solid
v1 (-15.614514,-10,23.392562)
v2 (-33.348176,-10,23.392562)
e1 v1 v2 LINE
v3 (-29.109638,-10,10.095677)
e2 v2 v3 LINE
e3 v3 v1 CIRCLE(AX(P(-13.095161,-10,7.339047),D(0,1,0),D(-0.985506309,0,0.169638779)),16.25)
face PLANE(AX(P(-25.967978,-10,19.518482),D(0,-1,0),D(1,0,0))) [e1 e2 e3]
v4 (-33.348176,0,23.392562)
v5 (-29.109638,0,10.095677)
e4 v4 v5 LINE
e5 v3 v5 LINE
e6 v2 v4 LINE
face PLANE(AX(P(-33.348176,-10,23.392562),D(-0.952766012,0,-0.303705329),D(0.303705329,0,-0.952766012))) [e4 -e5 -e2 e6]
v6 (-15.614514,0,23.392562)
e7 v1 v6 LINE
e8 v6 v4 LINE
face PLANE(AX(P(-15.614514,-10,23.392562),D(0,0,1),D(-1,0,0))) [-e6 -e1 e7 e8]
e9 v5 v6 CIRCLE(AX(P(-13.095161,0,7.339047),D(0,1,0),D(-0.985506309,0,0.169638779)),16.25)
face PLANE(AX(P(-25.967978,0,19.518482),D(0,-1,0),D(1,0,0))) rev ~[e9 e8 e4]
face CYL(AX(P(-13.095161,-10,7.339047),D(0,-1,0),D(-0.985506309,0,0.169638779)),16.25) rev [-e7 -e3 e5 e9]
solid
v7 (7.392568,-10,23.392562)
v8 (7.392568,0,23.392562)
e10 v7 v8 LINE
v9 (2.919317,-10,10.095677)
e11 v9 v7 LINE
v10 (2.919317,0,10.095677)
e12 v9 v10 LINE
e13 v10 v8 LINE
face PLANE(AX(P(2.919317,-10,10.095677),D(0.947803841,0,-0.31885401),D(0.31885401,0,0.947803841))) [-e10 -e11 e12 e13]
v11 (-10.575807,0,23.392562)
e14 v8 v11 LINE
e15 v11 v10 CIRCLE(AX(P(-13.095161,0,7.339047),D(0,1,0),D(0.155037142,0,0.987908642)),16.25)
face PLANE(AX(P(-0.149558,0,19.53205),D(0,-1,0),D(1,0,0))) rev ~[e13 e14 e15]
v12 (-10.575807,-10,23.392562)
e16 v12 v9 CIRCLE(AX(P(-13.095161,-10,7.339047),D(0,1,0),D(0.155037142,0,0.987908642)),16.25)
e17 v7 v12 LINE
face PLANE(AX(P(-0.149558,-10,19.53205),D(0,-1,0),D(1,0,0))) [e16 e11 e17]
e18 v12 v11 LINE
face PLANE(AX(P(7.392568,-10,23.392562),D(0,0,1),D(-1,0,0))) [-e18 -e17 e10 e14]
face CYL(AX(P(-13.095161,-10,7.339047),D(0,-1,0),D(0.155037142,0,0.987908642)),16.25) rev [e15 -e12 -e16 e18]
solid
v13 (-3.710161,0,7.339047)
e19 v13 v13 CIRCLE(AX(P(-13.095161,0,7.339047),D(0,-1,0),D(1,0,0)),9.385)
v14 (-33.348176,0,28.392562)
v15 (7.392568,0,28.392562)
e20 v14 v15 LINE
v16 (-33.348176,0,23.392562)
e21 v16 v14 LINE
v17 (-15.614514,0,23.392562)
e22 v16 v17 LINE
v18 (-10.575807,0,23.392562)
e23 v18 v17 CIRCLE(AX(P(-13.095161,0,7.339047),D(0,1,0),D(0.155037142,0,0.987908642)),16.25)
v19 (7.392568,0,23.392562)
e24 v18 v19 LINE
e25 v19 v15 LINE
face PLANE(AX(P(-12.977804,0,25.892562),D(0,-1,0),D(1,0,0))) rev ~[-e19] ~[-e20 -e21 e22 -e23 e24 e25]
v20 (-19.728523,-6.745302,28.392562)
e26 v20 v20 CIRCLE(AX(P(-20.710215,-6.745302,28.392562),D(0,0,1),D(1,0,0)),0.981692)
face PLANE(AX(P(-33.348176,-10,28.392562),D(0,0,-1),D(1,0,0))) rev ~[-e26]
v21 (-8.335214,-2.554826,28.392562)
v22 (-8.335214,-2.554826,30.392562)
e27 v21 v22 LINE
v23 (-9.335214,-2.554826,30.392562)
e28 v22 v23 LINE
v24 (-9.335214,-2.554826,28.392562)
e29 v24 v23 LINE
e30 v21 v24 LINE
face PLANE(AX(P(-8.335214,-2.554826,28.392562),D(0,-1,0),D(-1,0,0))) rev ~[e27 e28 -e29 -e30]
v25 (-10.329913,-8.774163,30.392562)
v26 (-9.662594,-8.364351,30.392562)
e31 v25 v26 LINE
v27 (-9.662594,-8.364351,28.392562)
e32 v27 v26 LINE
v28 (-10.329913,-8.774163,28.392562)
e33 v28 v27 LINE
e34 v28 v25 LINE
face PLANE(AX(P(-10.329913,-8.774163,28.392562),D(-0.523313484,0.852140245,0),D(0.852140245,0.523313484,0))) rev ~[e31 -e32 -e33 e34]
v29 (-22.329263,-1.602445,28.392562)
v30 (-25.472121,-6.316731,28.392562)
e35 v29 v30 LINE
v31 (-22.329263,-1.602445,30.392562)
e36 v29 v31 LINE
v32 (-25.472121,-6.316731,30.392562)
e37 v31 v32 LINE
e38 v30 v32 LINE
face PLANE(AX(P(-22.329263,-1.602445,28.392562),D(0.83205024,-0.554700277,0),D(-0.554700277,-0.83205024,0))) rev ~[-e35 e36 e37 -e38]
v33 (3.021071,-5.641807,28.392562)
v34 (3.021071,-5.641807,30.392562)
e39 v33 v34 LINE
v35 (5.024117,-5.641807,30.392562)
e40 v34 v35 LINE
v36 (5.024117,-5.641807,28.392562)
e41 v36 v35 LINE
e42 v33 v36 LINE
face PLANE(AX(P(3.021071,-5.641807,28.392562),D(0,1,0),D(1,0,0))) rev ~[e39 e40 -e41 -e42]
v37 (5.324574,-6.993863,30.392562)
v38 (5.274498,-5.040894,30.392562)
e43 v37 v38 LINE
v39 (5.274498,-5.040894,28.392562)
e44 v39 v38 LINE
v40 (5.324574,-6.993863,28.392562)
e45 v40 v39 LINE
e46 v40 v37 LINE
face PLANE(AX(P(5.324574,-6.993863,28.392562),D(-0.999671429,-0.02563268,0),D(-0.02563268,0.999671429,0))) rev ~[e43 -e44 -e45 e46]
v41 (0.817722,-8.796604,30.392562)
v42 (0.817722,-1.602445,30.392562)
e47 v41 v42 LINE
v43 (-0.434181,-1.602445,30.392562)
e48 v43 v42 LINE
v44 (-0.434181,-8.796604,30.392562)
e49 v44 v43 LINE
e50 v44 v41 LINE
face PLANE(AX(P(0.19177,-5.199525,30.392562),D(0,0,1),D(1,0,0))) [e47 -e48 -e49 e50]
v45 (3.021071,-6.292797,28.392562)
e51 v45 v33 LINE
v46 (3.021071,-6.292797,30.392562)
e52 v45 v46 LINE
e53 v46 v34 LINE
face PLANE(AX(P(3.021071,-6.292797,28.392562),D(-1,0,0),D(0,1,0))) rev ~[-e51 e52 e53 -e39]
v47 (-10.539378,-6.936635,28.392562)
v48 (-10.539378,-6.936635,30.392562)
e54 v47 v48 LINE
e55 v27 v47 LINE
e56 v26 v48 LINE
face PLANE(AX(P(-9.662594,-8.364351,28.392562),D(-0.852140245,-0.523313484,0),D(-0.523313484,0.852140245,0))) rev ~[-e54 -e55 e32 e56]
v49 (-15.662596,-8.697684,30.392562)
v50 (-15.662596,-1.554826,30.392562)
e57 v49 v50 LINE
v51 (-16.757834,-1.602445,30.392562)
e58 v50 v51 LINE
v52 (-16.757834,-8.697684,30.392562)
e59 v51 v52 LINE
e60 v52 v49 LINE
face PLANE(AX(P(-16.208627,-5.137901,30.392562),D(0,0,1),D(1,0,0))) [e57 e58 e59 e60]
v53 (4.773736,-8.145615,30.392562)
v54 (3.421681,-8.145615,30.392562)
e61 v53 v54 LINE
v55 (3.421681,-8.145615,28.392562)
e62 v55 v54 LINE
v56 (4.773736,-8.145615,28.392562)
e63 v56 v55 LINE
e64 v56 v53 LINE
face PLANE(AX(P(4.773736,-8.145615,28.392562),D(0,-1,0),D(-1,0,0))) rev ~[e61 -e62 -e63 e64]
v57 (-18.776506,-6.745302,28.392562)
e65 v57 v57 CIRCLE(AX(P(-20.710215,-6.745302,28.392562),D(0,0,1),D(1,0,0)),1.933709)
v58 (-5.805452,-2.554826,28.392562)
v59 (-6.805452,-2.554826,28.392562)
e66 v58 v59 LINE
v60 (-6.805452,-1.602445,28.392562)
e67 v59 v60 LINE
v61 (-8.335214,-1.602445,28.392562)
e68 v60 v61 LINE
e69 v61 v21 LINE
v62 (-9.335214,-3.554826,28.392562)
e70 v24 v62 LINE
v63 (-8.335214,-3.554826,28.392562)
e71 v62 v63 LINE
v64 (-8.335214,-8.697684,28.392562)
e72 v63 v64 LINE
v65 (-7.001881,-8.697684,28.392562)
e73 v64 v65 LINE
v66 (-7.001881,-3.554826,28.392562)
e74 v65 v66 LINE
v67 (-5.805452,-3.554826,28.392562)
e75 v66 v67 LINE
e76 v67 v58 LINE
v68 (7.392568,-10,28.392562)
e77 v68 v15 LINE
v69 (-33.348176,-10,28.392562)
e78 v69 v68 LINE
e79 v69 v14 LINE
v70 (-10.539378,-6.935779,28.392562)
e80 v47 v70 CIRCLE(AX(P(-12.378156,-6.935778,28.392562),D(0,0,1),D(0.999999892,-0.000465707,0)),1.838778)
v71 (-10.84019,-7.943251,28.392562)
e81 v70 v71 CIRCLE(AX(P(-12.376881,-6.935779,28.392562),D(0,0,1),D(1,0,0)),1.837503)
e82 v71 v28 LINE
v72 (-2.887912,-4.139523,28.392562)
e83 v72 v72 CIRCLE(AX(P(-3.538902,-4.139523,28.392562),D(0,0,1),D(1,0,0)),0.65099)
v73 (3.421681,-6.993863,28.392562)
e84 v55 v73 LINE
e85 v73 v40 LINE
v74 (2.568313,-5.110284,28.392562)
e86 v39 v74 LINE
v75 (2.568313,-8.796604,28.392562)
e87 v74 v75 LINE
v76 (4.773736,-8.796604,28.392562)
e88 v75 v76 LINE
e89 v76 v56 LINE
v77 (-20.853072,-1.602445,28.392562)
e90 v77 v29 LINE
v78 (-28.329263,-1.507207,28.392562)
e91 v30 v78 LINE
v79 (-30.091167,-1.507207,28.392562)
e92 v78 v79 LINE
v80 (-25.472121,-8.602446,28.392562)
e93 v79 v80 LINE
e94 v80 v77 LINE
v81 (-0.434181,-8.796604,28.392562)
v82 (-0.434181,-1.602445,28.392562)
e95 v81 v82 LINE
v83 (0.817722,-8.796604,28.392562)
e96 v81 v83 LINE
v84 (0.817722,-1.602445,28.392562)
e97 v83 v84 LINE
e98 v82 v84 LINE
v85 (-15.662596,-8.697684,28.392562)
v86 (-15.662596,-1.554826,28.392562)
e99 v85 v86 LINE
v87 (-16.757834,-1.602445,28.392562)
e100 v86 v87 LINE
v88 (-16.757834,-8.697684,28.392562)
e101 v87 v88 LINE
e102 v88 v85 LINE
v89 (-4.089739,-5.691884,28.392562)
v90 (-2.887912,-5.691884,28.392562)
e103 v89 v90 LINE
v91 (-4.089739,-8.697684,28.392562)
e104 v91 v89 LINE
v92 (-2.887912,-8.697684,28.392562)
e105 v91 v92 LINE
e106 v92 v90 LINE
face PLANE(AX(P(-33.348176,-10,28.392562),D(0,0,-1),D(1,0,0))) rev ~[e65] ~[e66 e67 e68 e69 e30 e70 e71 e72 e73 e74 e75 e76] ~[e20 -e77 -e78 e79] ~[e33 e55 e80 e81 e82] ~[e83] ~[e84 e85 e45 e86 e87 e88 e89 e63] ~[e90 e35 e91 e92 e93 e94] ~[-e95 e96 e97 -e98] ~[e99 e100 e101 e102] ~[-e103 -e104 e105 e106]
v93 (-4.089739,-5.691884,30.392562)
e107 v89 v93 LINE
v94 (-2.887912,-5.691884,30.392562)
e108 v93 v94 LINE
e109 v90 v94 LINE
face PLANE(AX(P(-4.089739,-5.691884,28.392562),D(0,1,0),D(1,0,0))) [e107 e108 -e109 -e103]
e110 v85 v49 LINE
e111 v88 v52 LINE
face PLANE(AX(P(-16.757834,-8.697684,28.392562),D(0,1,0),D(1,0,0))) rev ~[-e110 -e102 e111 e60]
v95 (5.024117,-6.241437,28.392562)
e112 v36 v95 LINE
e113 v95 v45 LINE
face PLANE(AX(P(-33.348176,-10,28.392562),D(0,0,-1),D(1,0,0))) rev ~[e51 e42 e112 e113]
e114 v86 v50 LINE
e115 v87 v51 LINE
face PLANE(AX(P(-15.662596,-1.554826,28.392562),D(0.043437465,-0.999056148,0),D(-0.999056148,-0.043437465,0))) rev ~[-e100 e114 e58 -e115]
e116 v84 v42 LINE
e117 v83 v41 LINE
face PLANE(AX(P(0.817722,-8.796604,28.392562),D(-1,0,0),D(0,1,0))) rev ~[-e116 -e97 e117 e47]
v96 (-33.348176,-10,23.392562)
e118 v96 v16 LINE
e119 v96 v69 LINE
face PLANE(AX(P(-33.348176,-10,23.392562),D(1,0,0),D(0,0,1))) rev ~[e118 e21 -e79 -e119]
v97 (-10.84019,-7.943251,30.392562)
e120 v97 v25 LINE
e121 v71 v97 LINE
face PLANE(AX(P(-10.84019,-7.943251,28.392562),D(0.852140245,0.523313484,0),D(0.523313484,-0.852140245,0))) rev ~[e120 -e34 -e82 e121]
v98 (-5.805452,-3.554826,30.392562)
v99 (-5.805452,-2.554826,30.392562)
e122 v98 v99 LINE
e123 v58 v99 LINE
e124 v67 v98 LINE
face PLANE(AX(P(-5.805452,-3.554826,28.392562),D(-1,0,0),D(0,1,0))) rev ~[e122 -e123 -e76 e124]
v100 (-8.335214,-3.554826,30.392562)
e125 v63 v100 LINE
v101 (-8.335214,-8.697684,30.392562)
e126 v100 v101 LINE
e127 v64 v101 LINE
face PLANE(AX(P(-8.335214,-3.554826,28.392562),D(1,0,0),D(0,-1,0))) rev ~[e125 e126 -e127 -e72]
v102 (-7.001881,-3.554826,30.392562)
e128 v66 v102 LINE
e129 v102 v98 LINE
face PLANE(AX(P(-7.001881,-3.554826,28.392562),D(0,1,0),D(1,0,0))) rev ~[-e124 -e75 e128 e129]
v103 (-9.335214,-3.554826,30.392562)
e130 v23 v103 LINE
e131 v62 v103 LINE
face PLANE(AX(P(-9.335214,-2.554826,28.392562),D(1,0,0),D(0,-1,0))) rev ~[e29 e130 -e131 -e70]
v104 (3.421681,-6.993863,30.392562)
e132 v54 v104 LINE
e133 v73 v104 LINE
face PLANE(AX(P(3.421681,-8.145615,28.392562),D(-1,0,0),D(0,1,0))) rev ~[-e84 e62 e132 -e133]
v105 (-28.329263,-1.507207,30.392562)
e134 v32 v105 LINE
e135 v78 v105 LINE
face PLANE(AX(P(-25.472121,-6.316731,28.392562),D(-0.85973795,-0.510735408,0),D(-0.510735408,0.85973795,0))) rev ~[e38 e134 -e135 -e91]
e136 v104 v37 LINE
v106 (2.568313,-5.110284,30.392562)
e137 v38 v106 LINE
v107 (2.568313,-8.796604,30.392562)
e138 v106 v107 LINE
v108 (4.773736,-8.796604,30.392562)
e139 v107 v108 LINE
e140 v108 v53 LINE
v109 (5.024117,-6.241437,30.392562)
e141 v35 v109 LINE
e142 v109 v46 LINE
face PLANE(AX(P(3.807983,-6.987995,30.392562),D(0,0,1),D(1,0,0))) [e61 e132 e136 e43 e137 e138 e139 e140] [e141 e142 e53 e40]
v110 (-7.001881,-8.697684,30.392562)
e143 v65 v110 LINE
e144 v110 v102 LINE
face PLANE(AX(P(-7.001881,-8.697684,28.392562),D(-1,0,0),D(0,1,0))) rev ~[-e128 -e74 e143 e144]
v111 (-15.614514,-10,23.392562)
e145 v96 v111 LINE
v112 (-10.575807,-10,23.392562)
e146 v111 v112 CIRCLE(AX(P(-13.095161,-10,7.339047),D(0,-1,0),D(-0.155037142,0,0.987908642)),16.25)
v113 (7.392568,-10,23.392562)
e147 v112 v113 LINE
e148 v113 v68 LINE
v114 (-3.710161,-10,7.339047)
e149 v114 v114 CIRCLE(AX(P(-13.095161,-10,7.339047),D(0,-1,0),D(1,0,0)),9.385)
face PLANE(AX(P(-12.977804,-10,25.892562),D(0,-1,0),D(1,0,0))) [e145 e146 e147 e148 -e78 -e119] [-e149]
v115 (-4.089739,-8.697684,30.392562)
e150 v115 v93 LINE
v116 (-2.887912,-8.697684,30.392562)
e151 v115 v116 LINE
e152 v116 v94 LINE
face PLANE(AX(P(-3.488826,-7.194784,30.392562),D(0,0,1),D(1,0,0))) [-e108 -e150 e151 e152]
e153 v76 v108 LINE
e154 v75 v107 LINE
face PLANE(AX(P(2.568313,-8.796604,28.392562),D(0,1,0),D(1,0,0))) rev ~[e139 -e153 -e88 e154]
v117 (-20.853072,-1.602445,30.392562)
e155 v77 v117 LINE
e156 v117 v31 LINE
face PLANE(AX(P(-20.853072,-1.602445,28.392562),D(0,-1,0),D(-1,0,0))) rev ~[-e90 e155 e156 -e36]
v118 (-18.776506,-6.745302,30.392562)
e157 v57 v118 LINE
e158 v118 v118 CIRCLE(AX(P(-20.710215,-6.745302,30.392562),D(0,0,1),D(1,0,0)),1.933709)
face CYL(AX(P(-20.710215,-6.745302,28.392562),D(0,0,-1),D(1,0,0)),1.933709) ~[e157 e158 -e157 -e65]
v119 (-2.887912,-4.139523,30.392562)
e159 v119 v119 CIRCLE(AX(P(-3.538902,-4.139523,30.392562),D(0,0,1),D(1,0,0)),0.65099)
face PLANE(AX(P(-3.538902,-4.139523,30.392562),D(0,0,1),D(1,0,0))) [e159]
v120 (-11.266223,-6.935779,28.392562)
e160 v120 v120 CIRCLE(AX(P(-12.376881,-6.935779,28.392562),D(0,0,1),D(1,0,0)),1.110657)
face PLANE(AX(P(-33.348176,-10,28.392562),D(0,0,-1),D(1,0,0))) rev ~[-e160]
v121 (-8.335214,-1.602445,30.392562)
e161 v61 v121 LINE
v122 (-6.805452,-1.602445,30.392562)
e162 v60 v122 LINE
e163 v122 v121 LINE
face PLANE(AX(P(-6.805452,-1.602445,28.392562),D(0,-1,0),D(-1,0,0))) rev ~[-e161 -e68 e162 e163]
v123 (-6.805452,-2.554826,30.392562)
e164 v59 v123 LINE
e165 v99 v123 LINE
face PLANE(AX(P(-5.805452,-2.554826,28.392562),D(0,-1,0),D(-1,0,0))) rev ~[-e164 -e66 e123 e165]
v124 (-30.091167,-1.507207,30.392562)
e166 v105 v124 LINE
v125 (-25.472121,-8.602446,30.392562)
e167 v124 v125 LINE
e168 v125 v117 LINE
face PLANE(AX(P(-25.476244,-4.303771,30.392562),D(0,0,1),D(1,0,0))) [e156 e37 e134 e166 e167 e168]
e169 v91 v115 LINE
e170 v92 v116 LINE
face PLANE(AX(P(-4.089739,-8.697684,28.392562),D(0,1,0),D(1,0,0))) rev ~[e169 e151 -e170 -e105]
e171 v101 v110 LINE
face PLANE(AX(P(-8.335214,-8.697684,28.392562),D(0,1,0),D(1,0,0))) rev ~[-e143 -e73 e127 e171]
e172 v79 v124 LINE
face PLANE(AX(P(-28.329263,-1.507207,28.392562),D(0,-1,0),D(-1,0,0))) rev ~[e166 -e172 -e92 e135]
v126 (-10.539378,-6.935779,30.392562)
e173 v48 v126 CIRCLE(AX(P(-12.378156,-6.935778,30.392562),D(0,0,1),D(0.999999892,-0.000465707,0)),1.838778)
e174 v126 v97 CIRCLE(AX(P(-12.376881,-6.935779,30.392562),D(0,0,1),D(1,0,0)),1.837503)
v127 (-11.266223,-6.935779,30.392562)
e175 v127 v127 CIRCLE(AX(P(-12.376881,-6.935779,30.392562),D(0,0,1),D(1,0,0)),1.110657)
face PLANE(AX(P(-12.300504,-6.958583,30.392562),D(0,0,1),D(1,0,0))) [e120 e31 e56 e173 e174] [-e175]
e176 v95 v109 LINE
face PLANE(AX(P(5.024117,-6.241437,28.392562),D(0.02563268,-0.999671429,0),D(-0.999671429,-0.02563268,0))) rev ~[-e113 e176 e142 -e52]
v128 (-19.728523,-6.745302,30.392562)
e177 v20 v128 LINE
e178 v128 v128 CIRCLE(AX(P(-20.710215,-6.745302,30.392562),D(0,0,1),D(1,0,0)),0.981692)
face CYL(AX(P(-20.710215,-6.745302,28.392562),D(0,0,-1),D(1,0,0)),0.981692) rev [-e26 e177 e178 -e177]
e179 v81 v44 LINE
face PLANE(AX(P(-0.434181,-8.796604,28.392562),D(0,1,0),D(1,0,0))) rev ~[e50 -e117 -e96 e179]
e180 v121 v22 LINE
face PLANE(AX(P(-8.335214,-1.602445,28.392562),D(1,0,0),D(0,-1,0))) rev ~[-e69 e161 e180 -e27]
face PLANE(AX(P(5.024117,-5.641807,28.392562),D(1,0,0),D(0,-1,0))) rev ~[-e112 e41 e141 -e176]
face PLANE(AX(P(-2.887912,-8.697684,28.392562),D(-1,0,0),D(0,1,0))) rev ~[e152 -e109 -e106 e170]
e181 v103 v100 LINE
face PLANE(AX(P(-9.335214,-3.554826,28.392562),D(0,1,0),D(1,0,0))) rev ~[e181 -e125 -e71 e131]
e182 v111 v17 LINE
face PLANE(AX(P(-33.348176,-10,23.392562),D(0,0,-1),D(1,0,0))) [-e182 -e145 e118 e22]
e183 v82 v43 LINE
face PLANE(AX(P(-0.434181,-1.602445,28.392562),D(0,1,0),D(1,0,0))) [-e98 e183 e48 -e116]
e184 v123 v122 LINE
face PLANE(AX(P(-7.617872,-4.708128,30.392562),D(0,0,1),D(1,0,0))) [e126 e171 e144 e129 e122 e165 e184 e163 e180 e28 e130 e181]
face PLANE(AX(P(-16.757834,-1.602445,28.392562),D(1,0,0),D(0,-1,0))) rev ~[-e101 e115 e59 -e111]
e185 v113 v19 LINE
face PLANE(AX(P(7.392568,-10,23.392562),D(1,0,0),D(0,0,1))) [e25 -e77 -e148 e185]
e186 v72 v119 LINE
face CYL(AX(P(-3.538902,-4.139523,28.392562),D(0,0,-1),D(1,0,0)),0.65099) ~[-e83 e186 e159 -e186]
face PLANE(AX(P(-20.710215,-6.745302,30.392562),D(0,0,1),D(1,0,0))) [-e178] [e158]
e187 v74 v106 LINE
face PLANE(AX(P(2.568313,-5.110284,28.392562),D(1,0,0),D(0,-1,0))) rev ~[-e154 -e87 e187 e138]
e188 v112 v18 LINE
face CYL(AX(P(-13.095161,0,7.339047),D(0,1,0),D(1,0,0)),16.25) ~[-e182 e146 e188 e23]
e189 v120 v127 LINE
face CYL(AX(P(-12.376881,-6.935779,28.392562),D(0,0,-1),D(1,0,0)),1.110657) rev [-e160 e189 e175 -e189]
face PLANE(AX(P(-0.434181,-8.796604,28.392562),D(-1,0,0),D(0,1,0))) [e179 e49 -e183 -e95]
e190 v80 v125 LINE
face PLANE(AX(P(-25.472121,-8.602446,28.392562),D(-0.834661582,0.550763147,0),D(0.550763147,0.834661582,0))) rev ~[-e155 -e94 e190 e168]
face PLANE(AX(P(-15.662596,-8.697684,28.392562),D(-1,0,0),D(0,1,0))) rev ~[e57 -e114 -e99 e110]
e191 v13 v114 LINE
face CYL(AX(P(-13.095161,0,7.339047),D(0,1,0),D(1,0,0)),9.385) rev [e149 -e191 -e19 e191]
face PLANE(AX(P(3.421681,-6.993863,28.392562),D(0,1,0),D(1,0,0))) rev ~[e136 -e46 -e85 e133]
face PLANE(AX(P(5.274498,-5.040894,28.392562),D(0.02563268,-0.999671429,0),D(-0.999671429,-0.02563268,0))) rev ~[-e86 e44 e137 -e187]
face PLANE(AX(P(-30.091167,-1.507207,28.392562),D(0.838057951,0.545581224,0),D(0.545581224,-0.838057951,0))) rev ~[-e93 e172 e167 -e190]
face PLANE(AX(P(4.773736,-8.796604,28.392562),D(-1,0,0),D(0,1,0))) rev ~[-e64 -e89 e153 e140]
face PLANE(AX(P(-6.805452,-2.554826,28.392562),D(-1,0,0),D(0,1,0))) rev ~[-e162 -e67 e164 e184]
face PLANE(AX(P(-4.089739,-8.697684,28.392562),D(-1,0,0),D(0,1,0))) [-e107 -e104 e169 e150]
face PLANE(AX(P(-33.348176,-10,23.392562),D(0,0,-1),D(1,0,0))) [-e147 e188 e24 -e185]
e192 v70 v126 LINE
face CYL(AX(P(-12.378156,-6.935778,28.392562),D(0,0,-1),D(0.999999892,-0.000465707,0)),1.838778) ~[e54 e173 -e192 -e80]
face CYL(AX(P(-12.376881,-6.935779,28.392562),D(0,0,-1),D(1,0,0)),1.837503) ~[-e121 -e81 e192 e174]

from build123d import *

# Parameters (mm, degrees)
F0_R     = 16.25
F0_R_2   = 9.385
F1_DEPTH = 10
F2_W     = 40.7407447589
F2_H     = 5
F3_DEPTH = 10
F4_R     = 1.9337093682
F4_R_2   = 0.9816924099
F4_R_3   = 1.1106573772
F4_W     = 1.2018270791
F4_H     = 3.0057999915
F4_R_4   = 0.6509895902
F4_W_2   = 1.2519030424
F4_H_2   = 7.1941594385
F5_DEPTH = 2
F7_DEPTH = 10


with BuildPart() as f1:
    # F0 (on Front) → F1 (new body)
    with BuildSketch(Plane.XZ):
        with Locations((-13.0951609462, 7.3390468024)):
            Circle(F0_R)
        with Locations((-13.0951609462, 7.3390468024)):
            Circle(F0_R_2, mode=Mode.SUBTRACT)
    extrude(amount=F1_DEPTH)

    # F2 (on face) → F3 (join)
    with BuildSketch(Plane.XZ.offset(10)):
        with Locations((-12.9778040573, 25.8925622329)):
            Rectangle(F2_W, F2_H)
    extrude(amount=-F3_DEPTH)

    # F4 (on face) → F5 (join)
    with BuildSketch(Plane.XY.offset(28.3925622329)):
        Polygon((-28.3292634413, -1.5072070747), (-30.0911674652, -1.5072070747), (-25.4721205841, -8.6024456866), (-20.8530719319, -1.6024449117), (-22.3292625557, -1.6024449117), (-25.4721205841, -6.3167309581), align=None)
        with Locations((-20.7102152318, -6.7453023866)):
            Circle(F4_R)
        with Locations((-20.7102152318, -6.7453023866)):
            Circle(F4_R_2, mode=Mode.SUBTRACT)
        Polygon((-15.6625955938, -1.5548256058), (-16.7578335414, -1.6024449117), (-16.7578335414, -8.697684077), (-15.6625955938, -8.697684077), align=None)
        with BuildLine():
            ThreePointArc((-10.5393779229, -6.9366346274), (-10.5393777734, -6.9362066761), (-10.5393777235, -6.9357787247))
            ThreePointArc((-10.5393777235, -6.9357787247), (-14.1375755871, -6.41006788), (-10.8401901532, -7.9432505364))
            ThreePointArc((-10.8401901532, -7.9432505364), (-10.6163086283, -7.461899618), (-10.5393779229, -6.9366346274))
        make_face()
        with Locations((-12.3768808653, -6.9357787247)):
            Circle(F4_R_3, mode=Mode.SUBTRACT)
        with BuildLine():
            ThreePointArc((-10.5393779229, -6.9366346274), (-10.6163086283, -7.461899618), (-10.8401901532, -7.9432505364))
            Line((-10.8401901532, -7.9432505364), (-10.3299132729, -8.7741625592))
            Line((-10.3299132729, -8.7741625592), (-9.6625938225, -8.3643505961))
            Line((-9.6625938225, -8.3643505961), (-10.5393779229, -6.9366346274))
        make_face()
        Polygon((-6.805451851, -1.6024449117), (-8.3352142721, -1.6024449117), (-8.3352142721, -2.5548260486), (-9.3352142721, -2.5548260486), (-9.3352142721, -3.5548260486), (-8.3352142721, -3.5548260486), (-8.3352142721, -8.697684077), (-7.001881234, -8.697684077), (-7.001881234, -3.5548260486), (-5.805451851, -3.5548260486), (-5.805451851, -2.5548260486), (-6.805451851, -2.5548260486), align=None)
        with Locations((-3.4888256341, -7.1947840813)):
            Rectangle(F4_W, F4_H)
        with Locations((-3.5389016848, -4.1395234875)):
            Circle(F4_R_4)
        with Locations((0.1917704794, -5.1995246309)):
            Rectangle(F4_W_2, F4_H_2)
        Polygon((2.5683134807, -8.7966043502), (4.7737364657, -8.7966043502), (4.7737364657, -8.1456145272), (3.4216814674, -8.1456145272), (3.4216814674, -6.993863266), (5.3245741874, -6.993863266), (5.2744979039, -5.0408942625), (2.5683134807, -5.1102838218), align=None)
        Polygon((3.0210714322, -6.2927971594), (3.0210714322, -5.6418073364), (5.0241174176, -5.6418073364), (5.0241174176, -6.2414368467), align=None, mode=Mode.SUBTRACT)
    extrude(amount=F5_DEPTH)


with BuildPart() as f7:
    # F6 (on face) → F7 (new body)
    with BuildSketch(Plane.XZ.offset(10)):
        with BuildLine():
            Line((-15.6145144985, 23.3925622329), (-33.3481764367, 23.3925622329))
            Line((-33.3481764367, 23.3925622329), (-29.1096384632, 10.0956769657))
            ThreePointArc((-29.1096384632, 10.0956769657), (-24.5003138597, 18.9142352251), (-15.6145144985, 23.3925622329))
        make_face()
    extrude(amount=-F7_DEPTH)


with BuildPart() as f7b:
    # F6 (on face) → F7, piece 2 (new body)
    with BuildSketch(Plane.XZ.offset(10)):
        with BuildLine():
            ThreePointArc((-10.575807394, 23.3925622329), (-1.6900080328, 18.9142352251), (2.9193165707, 10.0956769657))
            Line((2.9193165707, 10.0956769657), (7.3925683221, 23.3925622329))
            Line((7.3925683221, 23.3925622329), (-10.575807394, 23.3925622329))
        make_face()
    extrude(amount=-F7_DEPTH)


solid = Compound([f1.part, f7.part, f7b.part])
